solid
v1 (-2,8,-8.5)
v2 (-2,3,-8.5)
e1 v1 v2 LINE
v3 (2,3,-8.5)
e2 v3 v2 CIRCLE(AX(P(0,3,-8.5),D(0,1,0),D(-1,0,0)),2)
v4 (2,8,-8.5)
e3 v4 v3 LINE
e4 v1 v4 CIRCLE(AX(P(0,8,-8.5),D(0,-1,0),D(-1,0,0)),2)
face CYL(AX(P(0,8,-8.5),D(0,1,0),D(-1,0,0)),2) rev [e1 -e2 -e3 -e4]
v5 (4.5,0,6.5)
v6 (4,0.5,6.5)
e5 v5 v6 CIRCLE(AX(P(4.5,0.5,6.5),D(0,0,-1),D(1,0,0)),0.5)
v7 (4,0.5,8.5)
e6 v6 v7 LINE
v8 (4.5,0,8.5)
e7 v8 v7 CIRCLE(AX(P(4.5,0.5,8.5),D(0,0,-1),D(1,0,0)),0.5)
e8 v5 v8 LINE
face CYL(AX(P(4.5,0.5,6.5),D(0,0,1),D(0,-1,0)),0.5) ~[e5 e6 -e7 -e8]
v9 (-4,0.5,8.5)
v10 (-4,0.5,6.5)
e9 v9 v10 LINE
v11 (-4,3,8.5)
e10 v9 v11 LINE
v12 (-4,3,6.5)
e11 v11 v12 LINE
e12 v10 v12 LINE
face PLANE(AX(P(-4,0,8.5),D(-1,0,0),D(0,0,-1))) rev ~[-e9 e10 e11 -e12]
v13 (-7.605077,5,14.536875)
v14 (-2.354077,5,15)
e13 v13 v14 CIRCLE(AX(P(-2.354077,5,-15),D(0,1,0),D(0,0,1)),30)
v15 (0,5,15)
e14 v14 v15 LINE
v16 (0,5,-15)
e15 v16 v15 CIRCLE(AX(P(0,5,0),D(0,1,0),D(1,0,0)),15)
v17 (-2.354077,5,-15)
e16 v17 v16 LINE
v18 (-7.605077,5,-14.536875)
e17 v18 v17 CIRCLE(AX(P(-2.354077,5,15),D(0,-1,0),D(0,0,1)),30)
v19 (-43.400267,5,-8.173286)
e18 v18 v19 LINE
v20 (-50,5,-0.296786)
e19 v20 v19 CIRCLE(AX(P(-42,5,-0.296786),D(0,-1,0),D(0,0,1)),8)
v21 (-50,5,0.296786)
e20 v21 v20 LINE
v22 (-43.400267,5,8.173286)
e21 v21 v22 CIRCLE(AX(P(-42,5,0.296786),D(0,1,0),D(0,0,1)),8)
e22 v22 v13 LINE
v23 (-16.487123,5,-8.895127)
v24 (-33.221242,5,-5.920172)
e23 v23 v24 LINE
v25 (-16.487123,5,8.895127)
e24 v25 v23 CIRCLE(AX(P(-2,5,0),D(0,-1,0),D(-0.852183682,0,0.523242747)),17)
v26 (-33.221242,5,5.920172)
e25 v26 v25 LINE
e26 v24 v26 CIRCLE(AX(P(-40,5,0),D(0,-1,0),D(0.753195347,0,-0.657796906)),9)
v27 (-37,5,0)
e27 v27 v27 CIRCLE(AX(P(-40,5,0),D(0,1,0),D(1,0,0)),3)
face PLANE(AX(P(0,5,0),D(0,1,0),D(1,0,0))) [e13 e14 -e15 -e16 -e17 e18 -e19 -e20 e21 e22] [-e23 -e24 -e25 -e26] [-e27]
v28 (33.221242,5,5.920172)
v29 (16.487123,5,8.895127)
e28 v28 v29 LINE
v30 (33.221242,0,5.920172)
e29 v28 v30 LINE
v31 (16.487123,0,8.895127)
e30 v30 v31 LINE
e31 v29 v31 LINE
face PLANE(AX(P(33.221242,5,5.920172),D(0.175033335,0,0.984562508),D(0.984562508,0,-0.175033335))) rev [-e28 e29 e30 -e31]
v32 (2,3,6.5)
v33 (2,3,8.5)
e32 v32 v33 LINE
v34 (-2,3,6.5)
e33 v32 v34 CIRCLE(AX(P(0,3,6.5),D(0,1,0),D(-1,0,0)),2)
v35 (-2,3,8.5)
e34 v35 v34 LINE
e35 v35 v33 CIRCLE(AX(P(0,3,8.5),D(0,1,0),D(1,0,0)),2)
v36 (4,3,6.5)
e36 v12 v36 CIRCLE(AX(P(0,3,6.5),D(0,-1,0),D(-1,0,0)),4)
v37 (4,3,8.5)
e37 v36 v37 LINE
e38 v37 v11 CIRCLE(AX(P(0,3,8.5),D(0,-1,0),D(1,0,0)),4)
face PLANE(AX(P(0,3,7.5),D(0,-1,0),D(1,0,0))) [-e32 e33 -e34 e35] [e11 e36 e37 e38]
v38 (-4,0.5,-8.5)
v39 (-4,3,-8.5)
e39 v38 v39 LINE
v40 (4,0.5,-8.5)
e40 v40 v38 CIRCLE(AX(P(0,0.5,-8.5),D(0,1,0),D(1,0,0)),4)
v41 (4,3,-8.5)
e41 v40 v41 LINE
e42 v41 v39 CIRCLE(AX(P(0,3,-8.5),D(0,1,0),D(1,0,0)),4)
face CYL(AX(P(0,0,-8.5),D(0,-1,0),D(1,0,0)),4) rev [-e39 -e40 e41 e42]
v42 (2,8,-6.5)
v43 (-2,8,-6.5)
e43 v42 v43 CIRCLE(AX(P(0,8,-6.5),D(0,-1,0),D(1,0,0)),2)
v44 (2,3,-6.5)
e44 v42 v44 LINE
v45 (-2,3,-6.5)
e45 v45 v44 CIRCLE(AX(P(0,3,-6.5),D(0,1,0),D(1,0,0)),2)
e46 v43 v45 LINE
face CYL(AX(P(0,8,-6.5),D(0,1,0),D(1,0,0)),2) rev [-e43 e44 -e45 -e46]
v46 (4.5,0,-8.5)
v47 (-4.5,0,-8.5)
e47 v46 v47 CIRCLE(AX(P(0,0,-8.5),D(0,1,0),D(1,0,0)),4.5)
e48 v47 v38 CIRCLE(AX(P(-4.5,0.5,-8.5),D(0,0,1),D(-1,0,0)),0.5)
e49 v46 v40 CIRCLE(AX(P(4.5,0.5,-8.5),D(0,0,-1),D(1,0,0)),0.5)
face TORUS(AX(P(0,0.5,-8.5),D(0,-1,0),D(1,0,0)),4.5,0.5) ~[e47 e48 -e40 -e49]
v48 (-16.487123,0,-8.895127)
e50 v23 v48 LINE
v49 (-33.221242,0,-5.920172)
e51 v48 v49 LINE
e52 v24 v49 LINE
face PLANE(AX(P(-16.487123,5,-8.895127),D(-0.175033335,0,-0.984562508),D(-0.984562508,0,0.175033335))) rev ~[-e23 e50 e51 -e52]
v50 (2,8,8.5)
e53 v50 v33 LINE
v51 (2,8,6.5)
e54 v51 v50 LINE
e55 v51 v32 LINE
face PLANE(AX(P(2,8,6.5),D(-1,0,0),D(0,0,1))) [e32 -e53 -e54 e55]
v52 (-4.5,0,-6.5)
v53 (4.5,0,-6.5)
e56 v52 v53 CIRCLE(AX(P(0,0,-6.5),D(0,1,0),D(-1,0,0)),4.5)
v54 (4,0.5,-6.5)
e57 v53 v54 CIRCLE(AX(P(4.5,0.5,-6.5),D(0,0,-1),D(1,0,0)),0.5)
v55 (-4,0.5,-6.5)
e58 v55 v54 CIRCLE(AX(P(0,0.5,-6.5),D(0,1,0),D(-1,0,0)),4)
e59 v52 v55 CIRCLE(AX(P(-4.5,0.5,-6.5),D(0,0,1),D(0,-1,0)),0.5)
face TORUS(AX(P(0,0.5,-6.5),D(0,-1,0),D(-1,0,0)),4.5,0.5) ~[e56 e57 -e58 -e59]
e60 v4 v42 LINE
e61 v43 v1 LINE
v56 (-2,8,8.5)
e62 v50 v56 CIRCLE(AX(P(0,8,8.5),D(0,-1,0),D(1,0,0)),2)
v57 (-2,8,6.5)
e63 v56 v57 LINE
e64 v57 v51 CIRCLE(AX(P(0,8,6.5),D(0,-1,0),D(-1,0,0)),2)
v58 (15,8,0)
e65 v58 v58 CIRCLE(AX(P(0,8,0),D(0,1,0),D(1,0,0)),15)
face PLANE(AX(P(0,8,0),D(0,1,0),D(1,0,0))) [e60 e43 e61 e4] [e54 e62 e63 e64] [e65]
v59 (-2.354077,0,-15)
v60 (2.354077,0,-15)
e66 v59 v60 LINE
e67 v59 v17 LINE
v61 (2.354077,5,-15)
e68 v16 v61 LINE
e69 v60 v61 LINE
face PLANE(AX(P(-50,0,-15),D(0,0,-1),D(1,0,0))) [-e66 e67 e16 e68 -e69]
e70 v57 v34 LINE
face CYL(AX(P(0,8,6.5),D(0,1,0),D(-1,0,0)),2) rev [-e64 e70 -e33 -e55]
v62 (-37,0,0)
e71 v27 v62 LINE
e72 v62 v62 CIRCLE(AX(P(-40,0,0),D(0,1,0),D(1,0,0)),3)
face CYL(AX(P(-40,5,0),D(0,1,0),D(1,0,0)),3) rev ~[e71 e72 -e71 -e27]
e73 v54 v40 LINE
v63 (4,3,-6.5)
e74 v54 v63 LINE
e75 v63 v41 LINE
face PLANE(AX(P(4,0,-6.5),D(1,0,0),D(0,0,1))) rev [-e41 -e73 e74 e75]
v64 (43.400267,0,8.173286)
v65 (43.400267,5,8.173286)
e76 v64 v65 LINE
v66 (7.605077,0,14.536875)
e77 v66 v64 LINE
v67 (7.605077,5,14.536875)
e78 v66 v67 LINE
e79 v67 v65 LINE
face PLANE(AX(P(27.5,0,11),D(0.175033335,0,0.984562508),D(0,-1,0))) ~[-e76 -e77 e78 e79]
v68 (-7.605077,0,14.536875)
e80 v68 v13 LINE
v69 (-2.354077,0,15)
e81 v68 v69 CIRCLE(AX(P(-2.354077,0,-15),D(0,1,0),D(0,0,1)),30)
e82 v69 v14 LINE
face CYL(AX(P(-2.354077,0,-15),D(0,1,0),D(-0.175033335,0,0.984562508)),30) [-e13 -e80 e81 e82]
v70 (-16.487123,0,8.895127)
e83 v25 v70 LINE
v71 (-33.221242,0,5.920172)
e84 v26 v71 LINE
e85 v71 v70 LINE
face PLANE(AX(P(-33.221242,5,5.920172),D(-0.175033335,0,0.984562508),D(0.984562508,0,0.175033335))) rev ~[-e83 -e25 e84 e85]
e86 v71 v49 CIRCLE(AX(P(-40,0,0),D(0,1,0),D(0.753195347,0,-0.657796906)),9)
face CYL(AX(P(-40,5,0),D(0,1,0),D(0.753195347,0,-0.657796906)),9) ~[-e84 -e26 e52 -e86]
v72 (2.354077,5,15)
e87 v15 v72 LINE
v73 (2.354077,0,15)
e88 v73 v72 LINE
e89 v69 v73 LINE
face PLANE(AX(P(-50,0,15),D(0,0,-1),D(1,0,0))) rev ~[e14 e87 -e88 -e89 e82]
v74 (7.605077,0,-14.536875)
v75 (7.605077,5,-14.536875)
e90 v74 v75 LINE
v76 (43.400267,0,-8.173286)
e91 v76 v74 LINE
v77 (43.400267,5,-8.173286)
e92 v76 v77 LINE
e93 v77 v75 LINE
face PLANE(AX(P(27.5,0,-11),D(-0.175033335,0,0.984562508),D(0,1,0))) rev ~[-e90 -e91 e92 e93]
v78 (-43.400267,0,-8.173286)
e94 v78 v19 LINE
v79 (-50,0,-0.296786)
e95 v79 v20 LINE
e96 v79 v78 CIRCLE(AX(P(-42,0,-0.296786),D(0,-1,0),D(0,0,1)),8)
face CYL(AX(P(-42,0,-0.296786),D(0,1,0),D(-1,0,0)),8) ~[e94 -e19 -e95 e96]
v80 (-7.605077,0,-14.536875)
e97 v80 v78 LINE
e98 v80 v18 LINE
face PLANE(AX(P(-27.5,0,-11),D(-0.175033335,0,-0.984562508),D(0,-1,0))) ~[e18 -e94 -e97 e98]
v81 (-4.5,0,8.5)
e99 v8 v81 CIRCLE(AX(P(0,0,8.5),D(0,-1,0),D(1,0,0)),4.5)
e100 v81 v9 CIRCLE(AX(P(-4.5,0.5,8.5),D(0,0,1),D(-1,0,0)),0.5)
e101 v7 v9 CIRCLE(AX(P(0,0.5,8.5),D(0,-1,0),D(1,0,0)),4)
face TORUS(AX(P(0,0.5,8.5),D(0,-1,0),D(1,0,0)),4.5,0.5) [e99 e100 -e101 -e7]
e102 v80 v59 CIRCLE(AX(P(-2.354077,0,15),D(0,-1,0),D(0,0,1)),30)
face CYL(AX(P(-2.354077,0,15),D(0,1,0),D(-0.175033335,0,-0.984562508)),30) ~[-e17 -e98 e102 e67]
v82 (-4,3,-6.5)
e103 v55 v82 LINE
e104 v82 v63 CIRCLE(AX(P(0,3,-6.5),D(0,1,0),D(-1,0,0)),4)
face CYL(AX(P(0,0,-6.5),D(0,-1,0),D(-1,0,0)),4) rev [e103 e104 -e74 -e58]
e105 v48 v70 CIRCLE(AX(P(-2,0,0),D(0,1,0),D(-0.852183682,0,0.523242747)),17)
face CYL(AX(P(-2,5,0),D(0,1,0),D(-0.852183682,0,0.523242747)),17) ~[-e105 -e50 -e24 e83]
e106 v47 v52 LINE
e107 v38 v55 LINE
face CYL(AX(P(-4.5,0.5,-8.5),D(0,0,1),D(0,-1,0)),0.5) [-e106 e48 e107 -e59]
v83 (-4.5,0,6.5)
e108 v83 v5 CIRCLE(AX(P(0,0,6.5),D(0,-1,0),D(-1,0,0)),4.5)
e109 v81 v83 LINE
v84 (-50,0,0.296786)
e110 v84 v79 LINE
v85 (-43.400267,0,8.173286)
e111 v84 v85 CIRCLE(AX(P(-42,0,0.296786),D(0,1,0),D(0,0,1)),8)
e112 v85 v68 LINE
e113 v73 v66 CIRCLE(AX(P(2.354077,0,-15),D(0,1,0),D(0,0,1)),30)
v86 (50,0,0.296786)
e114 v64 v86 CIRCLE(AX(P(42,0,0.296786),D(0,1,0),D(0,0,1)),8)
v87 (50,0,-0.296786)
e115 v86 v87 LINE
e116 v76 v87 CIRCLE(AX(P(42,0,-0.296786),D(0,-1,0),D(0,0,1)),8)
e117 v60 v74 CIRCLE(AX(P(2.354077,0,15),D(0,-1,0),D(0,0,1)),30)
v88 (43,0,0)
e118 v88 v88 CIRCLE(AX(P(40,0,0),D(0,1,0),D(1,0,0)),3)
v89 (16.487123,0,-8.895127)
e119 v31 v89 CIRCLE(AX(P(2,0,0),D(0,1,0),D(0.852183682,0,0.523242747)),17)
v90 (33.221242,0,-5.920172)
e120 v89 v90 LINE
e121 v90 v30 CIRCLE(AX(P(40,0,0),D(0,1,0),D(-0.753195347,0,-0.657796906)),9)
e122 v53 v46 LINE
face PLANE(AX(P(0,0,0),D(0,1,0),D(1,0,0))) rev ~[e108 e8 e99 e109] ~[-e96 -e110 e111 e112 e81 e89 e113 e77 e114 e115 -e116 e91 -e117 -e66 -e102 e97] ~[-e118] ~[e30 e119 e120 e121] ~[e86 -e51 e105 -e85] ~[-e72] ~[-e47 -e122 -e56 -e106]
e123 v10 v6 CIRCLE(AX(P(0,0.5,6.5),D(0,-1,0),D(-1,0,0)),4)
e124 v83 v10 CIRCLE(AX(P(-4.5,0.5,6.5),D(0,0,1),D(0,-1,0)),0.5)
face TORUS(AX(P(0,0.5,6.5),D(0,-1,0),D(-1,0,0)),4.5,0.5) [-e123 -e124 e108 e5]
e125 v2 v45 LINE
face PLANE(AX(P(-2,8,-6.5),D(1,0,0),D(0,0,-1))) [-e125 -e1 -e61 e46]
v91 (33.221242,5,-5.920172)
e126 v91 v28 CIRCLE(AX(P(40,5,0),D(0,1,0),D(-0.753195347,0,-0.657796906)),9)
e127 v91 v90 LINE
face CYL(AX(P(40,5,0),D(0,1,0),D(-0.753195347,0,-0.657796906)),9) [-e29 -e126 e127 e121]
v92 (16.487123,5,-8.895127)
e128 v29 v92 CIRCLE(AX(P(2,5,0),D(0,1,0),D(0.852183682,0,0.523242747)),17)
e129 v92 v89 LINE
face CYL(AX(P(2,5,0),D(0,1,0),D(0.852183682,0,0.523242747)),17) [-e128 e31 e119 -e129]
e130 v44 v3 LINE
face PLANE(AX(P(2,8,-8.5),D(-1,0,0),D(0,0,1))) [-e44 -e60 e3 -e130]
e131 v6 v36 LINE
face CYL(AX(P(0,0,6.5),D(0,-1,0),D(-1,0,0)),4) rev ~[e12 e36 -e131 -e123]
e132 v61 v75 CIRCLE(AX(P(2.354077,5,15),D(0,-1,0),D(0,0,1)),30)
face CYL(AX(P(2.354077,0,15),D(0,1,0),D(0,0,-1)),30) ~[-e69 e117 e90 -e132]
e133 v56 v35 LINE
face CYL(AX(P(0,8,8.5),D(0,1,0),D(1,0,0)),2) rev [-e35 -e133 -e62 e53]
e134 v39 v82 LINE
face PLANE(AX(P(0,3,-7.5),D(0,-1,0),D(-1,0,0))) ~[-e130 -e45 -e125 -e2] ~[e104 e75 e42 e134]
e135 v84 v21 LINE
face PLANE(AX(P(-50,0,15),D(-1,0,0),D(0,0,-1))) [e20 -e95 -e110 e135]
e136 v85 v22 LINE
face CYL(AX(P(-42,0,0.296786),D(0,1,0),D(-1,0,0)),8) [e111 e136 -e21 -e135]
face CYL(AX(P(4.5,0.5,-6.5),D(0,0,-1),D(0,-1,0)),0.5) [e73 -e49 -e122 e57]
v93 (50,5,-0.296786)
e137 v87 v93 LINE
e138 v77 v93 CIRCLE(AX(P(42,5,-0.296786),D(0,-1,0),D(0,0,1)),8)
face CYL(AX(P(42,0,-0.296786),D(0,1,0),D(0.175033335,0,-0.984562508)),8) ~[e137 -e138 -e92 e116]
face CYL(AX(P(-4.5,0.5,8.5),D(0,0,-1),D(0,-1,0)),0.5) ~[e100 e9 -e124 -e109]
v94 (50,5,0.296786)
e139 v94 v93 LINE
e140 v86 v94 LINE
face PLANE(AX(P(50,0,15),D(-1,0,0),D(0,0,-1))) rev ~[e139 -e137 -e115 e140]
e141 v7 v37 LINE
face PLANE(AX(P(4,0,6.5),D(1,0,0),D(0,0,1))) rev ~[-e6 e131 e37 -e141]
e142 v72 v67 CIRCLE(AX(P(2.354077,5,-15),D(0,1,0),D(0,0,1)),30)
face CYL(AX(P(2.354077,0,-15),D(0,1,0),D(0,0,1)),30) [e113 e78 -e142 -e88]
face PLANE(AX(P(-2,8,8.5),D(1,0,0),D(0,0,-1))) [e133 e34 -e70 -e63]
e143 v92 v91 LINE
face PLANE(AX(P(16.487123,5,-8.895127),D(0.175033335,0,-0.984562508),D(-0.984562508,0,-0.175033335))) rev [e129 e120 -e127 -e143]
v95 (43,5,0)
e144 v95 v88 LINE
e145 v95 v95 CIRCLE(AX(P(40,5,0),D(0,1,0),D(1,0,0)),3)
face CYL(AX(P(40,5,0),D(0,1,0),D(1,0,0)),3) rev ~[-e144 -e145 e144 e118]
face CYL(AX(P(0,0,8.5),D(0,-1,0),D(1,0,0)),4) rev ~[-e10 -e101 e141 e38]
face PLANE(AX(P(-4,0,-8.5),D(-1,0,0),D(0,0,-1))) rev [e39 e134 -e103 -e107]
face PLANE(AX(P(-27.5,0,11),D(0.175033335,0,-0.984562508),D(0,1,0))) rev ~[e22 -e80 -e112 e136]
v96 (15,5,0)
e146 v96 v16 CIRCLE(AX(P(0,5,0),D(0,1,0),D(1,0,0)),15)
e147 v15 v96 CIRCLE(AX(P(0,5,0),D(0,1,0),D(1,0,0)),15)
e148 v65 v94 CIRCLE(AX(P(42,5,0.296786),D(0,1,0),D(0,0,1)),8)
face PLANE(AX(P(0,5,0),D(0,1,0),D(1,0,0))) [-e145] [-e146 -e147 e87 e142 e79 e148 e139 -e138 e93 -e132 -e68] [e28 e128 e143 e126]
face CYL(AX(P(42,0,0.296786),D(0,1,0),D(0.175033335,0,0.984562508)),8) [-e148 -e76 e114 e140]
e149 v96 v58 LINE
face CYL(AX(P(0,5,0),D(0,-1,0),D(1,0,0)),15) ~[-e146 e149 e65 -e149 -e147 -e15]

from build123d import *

# Parameters (mm, degrees)
SKETCH1_W           = 100
SKETCH1_H           = 30
BOSS_EXTRUDE1_DEPTH = 5
SKETCH2_R           = 15
BOSS_EXTRUDE2_DEPTH = 3
CUT_EXTRUDE1_DEPTH  = 9
SKETCH4_R           = 3
CUT_EXTRUDE2_DEPTH  = 6
CHAMFER1_SIZE       = 8
CHAMFER1_SIZE2      = 45
CHAMFER2_SIZE       = 45
CHAMFER2_SIZE2      = 8
CHAMFER3_SIZE       = 45
CHAMFER3_SIZE2      = 8
CHAMFER4_SIZE       = 8
CHAMFER4_SIZE2      = 45
FILLET1_R           = 8
CUT_EXTRUDE3_DEPTH  = 6
FILLET2_R           = 30
CUT_EXTRUDE4_DEPTH  = 3
FILLET3_R           = 0.5


with BuildPart() as part:
    # Sketch1 → Boss-Extrude1 (new body)
    with BuildSketch(Plane(origin=(0, 0, 0), x_dir=(1, 0, 0), z_dir=(0, 1, 0))):
        Rectangle(SKETCH1_W, SKETCH1_H)
    extrude(amount=BOSS_EXTRUDE1_DEPTH)

    # Sketch2 → Boss-Extrude2 (add)
    with BuildSketch(Plane(origin=(0, 5, 0), x_dir=(1, 0, 0), z_dir=(0, 1, 0))):
        Circle(SKETCH2_R)
    extrude(amount=BOSS_EXTRUDE2_DEPTH)

    # Sketch3 → Cut-Extrude1 (cut, through all)
    with BuildSketch(Plane(origin=(0, 8, 0), x_dir=(1, 0, 0), z_dir=(0, 1, 0))):
        with BuildLine():
            Line((-2, 6.5), (-2, 8.5))
            ThreePointArc((-2, 8.5), (0, 10.5), (2, 8.5))
            Line((2, 8.5), (2, 6.5))
            ThreePointArc((2, 6.5), (0, 4.5), (-2, 6.5))
        make_face()
        with BuildLine():
            Line((-2, -8.5), (-2, -6.5))
            ThreePointArc((-2, -6.5), (0, -4.5), (2, -6.5))
            Line((2, -6.5), (2, -8.5))
            ThreePointArc((2, -8.5), (0, -10.5), (-2, -8.5))
        make_face()
    extrude(amount=-CUT_EXTRUDE1_DEPTH, mode=Mode.SUBTRACT)

    # Sketch4 → Cut-Extrude2 (cut, through all)
    with BuildSketch(Plane(origin=(0, 5, 0), x_dir=(1, 0, 0), z_dir=(0, 1, 0))):
        with Locations((40, 0)):
            Circle(SKETCH4_R)
        with Locations((-40, 0)):
            Circle(SKETCH4_R)
    extrude(amount=-CUT_EXTRUDE2_DEPTH, mode=Mode.SUBTRACT)

    # Chamfer1
    chamfer1_edges = [part.edges().sort_by_distance(p)[0] for p in [
        (50, 2.5, -15),
    ]]
    chamfer1_side = [part.faces().sort_by_distance(p)[0] for p in [
        (50, 2.5, 0),
    ]]
    chamfer(chamfer1_edges, length=CHAMFER1_SIZE, length2=CHAMFER1_SIZE2, reference=chamfer1_side[0])

    # Chamfer2
    chamfer2_edges = [part.edges().sort_by_distance(p)[0] for p in [
        (50, 2.5, 15),
    ]]
    chamfer2_side = [part.faces().sort_by_distance(p)[0] for p in [
        (0, 2.5, 15),
    ]]
    chamfer(chamfer2_edges, length=CHAMFER2_SIZE, length2=CHAMFER2_SIZE2, reference=chamfer2_side[0])

    # Chamfer3
    chamfer3_edges = [part.edges().sort_by_distance(p)[0] for p in [
        (-50, 2.5, -15),
    ]]
    chamfer3_side = [part.faces().sort_by_distance(p)[0] for p in [
        (-22.5, 2.5, -15),
    ]]
    chamfer(chamfer3_edges, length=CHAMFER3_SIZE, length2=CHAMFER3_SIZE2, reference=chamfer3_side[0])

    # Chamfer4
    chamfer4_edges = [part.edges().sort_by_distance(p)[0] for p in [
        (-50, 2.5, 15),
    ]]
    chamfer4_side = [part.faces().sort_by_distance(p)[0] for p in [
        (-50, 2.5, 4),
    ]]
    chamfer(chamfer4_edges, length=CHAMFER4_SIZE, length2=CHAMFER4_SIZE2, reference=chamfer4_side[0])

    # Fillet1
    fillet1_edges = [part.edges().sort_by_distance(p)[0] for p in [
        (50, 2.5, -7),
        (50, 2.5, 7),
        (-50, 2.5, -7),
        (-50, 2.5, 7),
    ]]
    fillet(fillet1_edges, radius=FILLET1_R)

    # Sketch5 → Cut-Extrude3 (cut, through all)
    with BuildSketch(Plane(origin=(0, 5, 0), x_dir=(1, 0, 0), z_dir=(0, 1, 0))):
        with BuildLine():
            Line((-16.487122597, 8.895126691), (-33.221241877, 5.920172153))
            ThreePointArc((-33.221241877, 5.920172153), (-31, 0), (-33.221241877, -5.920172153))
            Line((-33.221241877, -5.920172153), (-16.487122597, -8.895126691))
            ThreePointArc((-16.487122597, -8.895126691), (-19, 0), (-16.487122597, 8.895126691))
        make_face()
    cut_extrude3 = extrude(amount=-CUT_EXTRUDE3_DEPTH, mode=Mode.SUBTRACT)

    # Mirror2: Cut-Extrude3 across plane
    add(cut_extrude3.mirror(Plane(origin=(0, 0, 0), x_dir=(0, 0, 1), z_dir=(1, 0, 0))), mode=Mode.SUBTRACT)

    # Fillet2
    fillet2_edges = [part.edges().sort_by_distance(p)[0] for p in [
        (5, 2.5, -15),
        (5, 2.5, 15),
        (-5, 2.5, -15),
        (-5, 2.5, 15),
    ]]
    fillet(fillet2_edges, radius=FILLET2_R)

    # Sketch7 → Cut-Extrude4 (cut)
    with BuildSketch(Plane.XZ):
        with BuildLine():
            Line((-4, 8.5), (-4, 6.5))
            ThreePointArc((-4, 6.5), (0, 2.5), (4, 6.5))
            Line((4, 6.5), (4, 8.5))
            ThreePointArc((4, 8.5), (0, 12.5), (-4, 8.5))
        make_face()
    cut_extrude4 = extrude(amount=-CUT_EXTRUDE4_DEPTH, mode=Mode.SUBTRACT)

    # Mirror3: Cut-Extrude4 across plane
    add(cut_extrude4.mirror(Plane.XY), mode=Mode.SUBTRACT)

    # Fillet3
    fillet3_edges = [part.edges().sort_by_distance(p)[0] for p in [
        (0, 0, 12.5),
        (-4, 0, 7.5),
        (0, 0, 2.5),
        (4, 0, 7.5),
        (0, 0, -12.5),
        (-4, 0, -7.5),
        (0, 0, -2.5),
        (4, 0, -7.5),
    ]]
    fillet(fillet3_edges, radius=FILLET3_R)


solid = part.part
